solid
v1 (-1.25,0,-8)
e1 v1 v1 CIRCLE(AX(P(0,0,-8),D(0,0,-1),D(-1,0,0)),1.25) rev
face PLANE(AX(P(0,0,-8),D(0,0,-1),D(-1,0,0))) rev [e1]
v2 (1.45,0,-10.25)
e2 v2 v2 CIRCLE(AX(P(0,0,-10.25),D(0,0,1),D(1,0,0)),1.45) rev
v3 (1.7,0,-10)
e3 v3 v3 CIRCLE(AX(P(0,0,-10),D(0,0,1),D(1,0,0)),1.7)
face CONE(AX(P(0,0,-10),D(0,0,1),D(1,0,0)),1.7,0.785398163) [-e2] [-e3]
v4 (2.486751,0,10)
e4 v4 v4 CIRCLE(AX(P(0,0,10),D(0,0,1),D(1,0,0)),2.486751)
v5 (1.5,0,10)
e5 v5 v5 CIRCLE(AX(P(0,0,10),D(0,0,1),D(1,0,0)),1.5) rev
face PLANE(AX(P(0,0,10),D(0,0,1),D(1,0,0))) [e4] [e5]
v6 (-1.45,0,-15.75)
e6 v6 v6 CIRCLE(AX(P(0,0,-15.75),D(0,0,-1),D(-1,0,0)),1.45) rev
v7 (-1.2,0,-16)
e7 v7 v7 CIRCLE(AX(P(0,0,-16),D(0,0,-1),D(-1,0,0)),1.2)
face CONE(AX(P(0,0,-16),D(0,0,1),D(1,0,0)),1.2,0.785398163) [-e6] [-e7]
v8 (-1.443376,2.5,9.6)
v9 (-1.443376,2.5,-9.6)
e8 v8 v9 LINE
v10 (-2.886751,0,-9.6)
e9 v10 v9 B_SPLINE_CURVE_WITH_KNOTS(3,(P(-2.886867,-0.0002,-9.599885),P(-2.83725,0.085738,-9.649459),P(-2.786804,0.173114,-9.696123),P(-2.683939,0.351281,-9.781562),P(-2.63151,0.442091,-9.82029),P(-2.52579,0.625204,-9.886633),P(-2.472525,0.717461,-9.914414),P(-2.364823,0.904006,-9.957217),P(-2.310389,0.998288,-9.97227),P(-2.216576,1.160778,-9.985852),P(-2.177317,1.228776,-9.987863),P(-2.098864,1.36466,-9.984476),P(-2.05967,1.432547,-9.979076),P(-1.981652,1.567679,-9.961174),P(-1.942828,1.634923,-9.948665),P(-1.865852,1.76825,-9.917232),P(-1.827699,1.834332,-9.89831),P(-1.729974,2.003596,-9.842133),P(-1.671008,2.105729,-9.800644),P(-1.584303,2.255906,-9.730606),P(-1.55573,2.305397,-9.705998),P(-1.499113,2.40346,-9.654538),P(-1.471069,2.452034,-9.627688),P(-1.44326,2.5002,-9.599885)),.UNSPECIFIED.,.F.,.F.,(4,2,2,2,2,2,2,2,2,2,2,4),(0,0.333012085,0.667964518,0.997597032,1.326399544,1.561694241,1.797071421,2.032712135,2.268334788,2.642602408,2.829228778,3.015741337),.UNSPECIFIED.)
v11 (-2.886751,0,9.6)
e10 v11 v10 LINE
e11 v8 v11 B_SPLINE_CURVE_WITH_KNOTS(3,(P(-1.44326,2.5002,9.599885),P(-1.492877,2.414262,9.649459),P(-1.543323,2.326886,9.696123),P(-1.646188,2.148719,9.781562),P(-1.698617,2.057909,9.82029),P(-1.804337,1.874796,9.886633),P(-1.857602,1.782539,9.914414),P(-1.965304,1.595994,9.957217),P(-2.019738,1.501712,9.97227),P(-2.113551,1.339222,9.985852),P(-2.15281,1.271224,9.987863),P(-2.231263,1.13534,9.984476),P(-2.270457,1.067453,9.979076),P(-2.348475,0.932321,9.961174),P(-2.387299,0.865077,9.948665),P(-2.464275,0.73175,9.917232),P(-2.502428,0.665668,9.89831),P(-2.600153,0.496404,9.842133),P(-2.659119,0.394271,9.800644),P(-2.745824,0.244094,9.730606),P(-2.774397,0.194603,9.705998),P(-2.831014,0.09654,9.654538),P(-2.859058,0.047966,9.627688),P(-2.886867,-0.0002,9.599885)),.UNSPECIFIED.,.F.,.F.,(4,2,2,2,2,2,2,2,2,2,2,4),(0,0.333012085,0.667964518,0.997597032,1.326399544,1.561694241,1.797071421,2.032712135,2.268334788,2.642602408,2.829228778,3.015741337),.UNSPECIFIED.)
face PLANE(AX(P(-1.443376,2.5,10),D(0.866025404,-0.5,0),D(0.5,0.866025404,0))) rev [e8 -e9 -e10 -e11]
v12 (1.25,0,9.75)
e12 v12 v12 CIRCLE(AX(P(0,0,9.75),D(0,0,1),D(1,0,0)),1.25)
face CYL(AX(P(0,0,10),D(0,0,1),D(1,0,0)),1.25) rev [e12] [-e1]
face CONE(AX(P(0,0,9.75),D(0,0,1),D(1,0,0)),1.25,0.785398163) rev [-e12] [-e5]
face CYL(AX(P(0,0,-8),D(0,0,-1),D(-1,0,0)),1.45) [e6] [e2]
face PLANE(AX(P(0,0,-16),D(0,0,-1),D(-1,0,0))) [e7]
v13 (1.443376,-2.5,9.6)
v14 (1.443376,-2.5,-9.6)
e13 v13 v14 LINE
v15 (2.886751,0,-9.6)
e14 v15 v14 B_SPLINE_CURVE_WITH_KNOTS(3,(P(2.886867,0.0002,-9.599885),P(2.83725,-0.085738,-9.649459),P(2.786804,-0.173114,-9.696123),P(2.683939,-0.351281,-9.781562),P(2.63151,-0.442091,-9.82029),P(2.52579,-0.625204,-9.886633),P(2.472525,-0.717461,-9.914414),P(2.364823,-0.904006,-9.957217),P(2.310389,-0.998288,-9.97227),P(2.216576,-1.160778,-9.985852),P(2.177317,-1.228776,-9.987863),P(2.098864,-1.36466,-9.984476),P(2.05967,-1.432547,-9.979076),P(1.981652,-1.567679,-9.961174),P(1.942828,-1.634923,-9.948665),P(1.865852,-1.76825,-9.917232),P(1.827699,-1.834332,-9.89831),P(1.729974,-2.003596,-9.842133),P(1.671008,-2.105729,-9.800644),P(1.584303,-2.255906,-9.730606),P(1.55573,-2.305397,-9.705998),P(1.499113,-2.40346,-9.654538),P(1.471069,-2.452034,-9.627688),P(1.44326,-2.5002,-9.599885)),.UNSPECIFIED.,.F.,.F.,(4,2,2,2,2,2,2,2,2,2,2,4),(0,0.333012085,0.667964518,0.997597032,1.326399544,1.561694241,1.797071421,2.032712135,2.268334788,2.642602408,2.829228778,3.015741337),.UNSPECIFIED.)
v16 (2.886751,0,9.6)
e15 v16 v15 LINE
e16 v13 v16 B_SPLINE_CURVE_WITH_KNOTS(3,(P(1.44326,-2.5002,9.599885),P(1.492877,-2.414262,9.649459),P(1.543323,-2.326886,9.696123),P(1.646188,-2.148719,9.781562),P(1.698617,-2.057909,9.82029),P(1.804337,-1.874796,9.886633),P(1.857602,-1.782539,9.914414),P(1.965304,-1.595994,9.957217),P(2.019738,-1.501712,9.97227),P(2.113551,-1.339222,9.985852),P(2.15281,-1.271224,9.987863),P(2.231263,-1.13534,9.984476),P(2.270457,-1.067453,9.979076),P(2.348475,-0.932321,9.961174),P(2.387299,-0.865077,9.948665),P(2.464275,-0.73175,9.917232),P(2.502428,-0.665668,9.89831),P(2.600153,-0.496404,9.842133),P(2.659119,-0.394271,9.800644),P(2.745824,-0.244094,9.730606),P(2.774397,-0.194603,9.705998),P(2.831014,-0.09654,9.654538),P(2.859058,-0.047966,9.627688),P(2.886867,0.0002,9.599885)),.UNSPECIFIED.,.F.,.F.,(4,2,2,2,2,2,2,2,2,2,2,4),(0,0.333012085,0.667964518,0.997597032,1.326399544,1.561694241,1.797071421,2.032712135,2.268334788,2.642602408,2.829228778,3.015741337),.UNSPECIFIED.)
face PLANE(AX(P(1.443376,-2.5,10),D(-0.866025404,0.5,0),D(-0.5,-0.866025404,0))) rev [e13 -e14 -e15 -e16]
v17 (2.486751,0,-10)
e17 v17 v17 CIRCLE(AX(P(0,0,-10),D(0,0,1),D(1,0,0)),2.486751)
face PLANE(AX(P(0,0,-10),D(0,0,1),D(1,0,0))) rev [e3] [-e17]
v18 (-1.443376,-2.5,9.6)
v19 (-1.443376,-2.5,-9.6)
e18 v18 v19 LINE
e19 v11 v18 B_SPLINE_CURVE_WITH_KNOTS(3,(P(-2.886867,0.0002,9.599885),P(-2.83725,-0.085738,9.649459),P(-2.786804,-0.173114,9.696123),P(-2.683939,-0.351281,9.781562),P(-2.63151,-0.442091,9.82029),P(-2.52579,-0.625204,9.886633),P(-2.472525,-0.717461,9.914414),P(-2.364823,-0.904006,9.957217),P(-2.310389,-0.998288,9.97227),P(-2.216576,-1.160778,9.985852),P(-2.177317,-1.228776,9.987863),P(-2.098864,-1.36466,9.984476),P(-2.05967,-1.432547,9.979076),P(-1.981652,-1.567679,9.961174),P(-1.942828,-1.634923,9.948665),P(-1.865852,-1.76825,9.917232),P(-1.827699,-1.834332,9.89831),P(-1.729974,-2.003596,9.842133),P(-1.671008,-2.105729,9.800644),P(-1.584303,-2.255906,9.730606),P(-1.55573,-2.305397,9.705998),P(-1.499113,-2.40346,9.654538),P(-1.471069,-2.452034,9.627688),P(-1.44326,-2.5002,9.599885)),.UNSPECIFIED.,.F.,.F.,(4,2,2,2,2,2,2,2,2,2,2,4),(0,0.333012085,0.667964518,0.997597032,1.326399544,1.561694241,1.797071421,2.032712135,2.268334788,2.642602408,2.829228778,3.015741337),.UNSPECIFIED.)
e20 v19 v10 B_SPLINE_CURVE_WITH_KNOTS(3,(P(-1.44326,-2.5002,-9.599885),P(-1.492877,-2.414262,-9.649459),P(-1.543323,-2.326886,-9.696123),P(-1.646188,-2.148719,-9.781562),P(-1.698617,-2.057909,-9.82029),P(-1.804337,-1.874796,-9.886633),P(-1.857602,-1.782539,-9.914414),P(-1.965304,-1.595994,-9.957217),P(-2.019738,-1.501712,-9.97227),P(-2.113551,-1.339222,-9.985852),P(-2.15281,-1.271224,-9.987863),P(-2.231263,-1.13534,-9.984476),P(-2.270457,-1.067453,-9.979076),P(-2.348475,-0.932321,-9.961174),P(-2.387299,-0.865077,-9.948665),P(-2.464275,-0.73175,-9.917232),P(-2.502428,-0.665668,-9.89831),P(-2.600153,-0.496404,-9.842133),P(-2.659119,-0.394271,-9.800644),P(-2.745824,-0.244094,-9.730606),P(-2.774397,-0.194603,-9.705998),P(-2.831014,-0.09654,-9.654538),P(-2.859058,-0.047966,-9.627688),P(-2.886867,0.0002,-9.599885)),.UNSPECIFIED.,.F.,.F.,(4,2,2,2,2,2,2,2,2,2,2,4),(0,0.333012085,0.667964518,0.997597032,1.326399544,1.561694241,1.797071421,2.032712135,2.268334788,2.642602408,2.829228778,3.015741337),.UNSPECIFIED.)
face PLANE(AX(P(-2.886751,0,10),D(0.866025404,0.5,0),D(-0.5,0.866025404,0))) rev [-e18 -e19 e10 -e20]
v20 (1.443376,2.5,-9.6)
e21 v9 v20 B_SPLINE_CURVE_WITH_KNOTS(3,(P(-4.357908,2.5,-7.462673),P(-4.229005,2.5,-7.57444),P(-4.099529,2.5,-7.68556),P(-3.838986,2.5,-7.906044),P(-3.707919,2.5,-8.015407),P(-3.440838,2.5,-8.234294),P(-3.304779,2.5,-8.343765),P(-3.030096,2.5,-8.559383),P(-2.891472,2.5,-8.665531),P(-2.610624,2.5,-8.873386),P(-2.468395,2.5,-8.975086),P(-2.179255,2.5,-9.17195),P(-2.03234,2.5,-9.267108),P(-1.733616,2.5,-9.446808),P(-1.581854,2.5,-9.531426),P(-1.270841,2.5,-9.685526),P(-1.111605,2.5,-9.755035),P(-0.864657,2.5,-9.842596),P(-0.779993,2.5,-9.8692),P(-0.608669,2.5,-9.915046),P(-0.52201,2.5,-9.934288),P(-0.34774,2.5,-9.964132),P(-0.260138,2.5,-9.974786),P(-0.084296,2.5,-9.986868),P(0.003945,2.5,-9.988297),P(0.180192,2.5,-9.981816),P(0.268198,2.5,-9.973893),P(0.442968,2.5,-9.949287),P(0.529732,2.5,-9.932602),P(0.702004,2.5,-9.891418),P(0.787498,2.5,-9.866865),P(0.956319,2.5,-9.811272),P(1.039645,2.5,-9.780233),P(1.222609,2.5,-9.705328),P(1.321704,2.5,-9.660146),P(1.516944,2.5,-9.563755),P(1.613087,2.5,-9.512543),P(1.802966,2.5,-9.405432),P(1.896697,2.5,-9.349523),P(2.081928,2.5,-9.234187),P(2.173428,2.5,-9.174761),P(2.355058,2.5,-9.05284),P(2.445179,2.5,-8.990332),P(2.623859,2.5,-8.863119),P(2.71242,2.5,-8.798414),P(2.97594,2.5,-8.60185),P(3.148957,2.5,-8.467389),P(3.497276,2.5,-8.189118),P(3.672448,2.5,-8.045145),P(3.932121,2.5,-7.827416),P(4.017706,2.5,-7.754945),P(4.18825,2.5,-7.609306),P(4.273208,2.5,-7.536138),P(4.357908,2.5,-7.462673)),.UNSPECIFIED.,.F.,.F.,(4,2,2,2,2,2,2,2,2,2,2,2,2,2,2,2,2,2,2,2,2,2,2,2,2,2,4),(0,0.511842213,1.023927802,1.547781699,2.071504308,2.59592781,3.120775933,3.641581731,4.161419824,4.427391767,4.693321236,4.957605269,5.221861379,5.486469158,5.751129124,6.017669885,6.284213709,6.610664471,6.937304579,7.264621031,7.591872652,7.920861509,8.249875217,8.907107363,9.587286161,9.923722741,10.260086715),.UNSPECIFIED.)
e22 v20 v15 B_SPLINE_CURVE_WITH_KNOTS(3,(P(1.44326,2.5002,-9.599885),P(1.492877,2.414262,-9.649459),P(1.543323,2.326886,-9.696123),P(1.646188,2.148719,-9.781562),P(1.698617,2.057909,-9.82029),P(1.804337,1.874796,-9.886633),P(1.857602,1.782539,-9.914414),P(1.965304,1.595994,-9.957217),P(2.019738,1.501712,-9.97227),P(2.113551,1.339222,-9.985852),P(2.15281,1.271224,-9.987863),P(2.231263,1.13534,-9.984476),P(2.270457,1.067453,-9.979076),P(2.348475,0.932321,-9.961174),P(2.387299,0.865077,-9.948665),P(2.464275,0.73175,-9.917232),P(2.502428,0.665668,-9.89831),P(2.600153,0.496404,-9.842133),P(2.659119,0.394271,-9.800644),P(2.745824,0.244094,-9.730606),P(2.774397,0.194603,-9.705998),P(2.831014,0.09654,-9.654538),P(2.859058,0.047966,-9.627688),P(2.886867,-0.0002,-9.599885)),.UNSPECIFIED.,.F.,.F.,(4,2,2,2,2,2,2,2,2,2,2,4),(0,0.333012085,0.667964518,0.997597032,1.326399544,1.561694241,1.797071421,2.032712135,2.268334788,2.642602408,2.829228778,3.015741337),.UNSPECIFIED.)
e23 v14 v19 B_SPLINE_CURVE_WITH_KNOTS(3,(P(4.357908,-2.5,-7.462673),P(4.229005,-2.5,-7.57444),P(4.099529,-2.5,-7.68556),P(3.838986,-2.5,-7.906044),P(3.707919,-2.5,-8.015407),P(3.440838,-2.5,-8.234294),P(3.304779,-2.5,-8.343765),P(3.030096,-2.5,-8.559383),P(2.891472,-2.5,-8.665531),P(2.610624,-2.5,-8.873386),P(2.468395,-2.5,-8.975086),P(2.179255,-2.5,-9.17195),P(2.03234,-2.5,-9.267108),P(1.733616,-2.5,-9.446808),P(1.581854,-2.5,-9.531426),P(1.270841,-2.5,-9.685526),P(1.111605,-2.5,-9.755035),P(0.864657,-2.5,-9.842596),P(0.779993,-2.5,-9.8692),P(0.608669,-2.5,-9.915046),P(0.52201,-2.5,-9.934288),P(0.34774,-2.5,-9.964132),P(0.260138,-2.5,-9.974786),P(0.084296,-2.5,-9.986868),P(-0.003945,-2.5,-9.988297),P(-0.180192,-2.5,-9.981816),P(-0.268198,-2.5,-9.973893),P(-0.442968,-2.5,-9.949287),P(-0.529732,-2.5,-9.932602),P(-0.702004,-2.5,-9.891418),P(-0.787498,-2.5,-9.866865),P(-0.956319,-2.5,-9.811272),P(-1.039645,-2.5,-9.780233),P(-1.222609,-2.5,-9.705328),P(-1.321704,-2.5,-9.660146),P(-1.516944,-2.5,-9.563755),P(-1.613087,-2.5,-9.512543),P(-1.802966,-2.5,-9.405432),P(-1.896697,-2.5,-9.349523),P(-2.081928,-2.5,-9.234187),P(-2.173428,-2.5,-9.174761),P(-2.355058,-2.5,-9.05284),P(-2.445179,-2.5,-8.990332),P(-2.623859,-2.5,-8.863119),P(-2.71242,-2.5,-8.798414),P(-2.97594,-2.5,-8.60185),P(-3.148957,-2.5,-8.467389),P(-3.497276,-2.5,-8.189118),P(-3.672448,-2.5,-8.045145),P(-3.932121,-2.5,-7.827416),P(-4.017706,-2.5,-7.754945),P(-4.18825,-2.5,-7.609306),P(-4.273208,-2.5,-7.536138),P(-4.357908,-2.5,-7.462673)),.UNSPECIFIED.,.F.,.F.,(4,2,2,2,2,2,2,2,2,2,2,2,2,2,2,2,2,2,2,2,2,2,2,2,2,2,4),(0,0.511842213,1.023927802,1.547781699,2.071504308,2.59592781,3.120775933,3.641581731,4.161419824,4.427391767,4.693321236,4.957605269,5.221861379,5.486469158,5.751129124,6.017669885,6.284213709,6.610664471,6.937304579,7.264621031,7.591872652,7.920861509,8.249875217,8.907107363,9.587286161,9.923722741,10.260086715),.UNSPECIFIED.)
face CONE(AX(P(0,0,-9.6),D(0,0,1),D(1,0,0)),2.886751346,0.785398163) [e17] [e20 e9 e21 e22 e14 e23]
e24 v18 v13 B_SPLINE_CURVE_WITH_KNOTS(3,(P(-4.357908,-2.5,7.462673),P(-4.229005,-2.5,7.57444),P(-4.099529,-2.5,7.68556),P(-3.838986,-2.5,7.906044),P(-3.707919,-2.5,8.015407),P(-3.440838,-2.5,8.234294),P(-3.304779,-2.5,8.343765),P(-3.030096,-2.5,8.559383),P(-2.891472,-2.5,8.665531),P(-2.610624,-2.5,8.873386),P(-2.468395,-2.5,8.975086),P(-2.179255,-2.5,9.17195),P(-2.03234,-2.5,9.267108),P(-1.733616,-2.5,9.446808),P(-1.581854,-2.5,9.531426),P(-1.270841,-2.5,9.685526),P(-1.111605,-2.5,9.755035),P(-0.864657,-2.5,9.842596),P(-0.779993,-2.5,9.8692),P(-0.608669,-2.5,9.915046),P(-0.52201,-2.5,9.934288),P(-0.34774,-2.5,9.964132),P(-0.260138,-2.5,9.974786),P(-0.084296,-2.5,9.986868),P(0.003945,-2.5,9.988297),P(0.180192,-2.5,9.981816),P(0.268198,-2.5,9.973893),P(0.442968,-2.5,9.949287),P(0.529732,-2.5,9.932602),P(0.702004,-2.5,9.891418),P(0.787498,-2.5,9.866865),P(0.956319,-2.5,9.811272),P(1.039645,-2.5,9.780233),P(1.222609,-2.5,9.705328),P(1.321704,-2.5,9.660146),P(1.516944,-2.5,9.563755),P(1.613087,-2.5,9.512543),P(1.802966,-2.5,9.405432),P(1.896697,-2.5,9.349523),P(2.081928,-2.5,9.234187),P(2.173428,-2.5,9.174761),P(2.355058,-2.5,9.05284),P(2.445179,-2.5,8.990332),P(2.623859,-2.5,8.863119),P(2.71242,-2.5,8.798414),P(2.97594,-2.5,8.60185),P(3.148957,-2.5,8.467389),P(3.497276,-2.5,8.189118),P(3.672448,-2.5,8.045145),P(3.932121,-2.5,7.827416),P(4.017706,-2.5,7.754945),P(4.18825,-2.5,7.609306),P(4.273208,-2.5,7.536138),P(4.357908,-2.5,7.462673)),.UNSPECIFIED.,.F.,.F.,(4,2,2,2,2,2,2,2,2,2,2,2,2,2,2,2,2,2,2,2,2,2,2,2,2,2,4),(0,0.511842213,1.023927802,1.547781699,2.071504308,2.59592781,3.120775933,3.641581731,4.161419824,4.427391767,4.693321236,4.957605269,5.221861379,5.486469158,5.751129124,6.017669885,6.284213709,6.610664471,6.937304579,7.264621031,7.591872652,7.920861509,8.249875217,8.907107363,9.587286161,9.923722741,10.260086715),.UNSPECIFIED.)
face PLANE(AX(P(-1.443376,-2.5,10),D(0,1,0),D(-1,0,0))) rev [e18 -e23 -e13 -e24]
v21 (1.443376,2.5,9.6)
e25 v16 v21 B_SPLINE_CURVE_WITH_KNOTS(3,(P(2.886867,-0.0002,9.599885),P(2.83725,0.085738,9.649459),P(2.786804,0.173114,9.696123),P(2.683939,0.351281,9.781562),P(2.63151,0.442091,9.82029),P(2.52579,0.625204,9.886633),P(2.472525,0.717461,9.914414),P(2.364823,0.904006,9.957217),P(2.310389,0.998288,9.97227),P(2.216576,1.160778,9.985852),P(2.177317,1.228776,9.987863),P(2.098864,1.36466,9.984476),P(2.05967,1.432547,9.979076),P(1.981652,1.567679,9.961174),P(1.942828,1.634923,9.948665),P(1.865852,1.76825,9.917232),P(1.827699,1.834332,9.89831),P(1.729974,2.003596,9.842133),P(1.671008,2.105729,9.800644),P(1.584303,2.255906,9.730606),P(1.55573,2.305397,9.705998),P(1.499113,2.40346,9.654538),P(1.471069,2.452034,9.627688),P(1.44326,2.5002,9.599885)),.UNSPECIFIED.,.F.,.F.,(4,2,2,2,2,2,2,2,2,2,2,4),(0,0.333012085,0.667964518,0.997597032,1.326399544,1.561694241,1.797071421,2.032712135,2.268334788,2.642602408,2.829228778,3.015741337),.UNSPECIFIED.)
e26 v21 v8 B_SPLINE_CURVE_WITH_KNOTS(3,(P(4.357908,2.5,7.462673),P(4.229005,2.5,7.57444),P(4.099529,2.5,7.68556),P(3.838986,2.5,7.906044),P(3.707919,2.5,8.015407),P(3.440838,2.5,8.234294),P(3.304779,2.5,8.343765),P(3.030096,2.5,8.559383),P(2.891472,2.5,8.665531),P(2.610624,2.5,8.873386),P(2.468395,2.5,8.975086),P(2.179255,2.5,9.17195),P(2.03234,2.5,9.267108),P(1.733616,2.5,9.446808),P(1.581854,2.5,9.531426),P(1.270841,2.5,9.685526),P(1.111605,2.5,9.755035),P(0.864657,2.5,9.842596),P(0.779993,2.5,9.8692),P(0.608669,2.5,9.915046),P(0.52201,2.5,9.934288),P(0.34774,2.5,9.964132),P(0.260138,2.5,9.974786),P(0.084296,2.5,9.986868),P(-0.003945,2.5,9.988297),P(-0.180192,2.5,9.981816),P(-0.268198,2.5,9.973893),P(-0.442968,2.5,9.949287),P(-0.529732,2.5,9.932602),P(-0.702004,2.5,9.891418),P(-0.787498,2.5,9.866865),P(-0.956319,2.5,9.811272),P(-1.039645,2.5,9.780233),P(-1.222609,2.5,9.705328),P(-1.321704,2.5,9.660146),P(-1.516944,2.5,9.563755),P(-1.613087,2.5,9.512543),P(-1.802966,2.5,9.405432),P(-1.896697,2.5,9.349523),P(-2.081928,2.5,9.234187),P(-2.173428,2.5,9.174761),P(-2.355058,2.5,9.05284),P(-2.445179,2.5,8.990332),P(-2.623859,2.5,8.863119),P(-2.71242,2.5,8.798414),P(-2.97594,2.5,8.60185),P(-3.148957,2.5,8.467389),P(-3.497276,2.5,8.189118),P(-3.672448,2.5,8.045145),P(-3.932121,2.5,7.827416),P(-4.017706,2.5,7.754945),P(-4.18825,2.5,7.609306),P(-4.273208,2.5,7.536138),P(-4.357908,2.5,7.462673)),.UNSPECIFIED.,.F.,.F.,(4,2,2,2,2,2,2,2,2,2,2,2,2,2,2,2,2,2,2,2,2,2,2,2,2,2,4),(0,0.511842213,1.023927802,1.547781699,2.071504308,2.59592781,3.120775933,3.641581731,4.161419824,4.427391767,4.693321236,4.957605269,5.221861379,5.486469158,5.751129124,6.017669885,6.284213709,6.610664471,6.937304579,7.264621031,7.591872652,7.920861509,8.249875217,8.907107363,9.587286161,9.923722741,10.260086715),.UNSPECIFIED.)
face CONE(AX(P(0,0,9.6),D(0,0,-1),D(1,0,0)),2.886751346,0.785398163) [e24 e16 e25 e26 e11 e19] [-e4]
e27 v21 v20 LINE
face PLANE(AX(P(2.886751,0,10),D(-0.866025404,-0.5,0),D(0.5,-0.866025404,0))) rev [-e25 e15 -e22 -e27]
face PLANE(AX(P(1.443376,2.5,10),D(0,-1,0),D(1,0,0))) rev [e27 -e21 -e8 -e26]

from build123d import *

# Parameters (mm, degrees)
HEX_2_DEPTH                 = 10
TAP_DRILL_FOR_M3X0_5_TAP1_D = 2.5
SKETCH8_R                   = 1.45
THREAD_DEPTH                = 6
THREAD_DEPTH_BACK           = 2
INNERCHAMFER_SIZE           = 0.25


with BuildPart() as part:
    # Sketch1 → HEX 2 (new body, symmetric)
    with BuildSketch(Plane.XY):
        Polygon((2.886751346, 0), (1.443375673, 2.5), (-1.443375673, 2.5), (-2.886751346, 0), (-1.443375673, -2.5), (1.443375673, -2.5), align=None)
    extrude(amount=HEX_2_DEPTH, both=True)

    # Tap Drill for M3x0.5 Tap1 (through all)
    with Locations(Plane.XY.offset(10)):
        with Locations((0, 0)):
            Hole(TAP_DRILL_FOR_M3X0_5_TAP1_D / 2)

    # Sketch7 → HexChamfer (revolve, cut)
    with BuildSketch(Plane(origin=(0, 0, 0), x_dir=(1, 0, 0), z_dir=(0, 1, 0))):
        Polygon((-2.886751346, 10), (-2.886751346, 9.6), (-2.486751346, 10), align=None)
    hexchamfer = revolve(axis=Axis((0, 0, 15.266742202), (0, 0, -1)), mode=Mode.SUBTRACT)

    # Mirror1: HexChamfer across plane
    add(hexchamfer.mirror(Plane.XY), mode=Mode.SUBTRACT)

    # Sketch8 → Thread (add, two sides)
    with BuildSketch(Plane(origin=(0, 0, -10), x_dir=(-1, 0, 0), z_dir=(0, 0, -1))) as thread_sk:
        Circle(SKETCH8_R)
    extrude(amount=THREAD_DEPTH)
    extrude(thread_sk.sketch, amount=-THREAD_DEPTH_BACK)

    # InnerChamfer
    innerchamfer_edges = [part.edges().sort_by_distance(p)[0] for p in [
        (1.25, 0, 10),
        (1.45, 0, -10),
        (1.45, 0, -16),
    ]]
    chamfer(innerchamfer_edges, length=INNERCHAMFER_SIZE)


solid = part.part
